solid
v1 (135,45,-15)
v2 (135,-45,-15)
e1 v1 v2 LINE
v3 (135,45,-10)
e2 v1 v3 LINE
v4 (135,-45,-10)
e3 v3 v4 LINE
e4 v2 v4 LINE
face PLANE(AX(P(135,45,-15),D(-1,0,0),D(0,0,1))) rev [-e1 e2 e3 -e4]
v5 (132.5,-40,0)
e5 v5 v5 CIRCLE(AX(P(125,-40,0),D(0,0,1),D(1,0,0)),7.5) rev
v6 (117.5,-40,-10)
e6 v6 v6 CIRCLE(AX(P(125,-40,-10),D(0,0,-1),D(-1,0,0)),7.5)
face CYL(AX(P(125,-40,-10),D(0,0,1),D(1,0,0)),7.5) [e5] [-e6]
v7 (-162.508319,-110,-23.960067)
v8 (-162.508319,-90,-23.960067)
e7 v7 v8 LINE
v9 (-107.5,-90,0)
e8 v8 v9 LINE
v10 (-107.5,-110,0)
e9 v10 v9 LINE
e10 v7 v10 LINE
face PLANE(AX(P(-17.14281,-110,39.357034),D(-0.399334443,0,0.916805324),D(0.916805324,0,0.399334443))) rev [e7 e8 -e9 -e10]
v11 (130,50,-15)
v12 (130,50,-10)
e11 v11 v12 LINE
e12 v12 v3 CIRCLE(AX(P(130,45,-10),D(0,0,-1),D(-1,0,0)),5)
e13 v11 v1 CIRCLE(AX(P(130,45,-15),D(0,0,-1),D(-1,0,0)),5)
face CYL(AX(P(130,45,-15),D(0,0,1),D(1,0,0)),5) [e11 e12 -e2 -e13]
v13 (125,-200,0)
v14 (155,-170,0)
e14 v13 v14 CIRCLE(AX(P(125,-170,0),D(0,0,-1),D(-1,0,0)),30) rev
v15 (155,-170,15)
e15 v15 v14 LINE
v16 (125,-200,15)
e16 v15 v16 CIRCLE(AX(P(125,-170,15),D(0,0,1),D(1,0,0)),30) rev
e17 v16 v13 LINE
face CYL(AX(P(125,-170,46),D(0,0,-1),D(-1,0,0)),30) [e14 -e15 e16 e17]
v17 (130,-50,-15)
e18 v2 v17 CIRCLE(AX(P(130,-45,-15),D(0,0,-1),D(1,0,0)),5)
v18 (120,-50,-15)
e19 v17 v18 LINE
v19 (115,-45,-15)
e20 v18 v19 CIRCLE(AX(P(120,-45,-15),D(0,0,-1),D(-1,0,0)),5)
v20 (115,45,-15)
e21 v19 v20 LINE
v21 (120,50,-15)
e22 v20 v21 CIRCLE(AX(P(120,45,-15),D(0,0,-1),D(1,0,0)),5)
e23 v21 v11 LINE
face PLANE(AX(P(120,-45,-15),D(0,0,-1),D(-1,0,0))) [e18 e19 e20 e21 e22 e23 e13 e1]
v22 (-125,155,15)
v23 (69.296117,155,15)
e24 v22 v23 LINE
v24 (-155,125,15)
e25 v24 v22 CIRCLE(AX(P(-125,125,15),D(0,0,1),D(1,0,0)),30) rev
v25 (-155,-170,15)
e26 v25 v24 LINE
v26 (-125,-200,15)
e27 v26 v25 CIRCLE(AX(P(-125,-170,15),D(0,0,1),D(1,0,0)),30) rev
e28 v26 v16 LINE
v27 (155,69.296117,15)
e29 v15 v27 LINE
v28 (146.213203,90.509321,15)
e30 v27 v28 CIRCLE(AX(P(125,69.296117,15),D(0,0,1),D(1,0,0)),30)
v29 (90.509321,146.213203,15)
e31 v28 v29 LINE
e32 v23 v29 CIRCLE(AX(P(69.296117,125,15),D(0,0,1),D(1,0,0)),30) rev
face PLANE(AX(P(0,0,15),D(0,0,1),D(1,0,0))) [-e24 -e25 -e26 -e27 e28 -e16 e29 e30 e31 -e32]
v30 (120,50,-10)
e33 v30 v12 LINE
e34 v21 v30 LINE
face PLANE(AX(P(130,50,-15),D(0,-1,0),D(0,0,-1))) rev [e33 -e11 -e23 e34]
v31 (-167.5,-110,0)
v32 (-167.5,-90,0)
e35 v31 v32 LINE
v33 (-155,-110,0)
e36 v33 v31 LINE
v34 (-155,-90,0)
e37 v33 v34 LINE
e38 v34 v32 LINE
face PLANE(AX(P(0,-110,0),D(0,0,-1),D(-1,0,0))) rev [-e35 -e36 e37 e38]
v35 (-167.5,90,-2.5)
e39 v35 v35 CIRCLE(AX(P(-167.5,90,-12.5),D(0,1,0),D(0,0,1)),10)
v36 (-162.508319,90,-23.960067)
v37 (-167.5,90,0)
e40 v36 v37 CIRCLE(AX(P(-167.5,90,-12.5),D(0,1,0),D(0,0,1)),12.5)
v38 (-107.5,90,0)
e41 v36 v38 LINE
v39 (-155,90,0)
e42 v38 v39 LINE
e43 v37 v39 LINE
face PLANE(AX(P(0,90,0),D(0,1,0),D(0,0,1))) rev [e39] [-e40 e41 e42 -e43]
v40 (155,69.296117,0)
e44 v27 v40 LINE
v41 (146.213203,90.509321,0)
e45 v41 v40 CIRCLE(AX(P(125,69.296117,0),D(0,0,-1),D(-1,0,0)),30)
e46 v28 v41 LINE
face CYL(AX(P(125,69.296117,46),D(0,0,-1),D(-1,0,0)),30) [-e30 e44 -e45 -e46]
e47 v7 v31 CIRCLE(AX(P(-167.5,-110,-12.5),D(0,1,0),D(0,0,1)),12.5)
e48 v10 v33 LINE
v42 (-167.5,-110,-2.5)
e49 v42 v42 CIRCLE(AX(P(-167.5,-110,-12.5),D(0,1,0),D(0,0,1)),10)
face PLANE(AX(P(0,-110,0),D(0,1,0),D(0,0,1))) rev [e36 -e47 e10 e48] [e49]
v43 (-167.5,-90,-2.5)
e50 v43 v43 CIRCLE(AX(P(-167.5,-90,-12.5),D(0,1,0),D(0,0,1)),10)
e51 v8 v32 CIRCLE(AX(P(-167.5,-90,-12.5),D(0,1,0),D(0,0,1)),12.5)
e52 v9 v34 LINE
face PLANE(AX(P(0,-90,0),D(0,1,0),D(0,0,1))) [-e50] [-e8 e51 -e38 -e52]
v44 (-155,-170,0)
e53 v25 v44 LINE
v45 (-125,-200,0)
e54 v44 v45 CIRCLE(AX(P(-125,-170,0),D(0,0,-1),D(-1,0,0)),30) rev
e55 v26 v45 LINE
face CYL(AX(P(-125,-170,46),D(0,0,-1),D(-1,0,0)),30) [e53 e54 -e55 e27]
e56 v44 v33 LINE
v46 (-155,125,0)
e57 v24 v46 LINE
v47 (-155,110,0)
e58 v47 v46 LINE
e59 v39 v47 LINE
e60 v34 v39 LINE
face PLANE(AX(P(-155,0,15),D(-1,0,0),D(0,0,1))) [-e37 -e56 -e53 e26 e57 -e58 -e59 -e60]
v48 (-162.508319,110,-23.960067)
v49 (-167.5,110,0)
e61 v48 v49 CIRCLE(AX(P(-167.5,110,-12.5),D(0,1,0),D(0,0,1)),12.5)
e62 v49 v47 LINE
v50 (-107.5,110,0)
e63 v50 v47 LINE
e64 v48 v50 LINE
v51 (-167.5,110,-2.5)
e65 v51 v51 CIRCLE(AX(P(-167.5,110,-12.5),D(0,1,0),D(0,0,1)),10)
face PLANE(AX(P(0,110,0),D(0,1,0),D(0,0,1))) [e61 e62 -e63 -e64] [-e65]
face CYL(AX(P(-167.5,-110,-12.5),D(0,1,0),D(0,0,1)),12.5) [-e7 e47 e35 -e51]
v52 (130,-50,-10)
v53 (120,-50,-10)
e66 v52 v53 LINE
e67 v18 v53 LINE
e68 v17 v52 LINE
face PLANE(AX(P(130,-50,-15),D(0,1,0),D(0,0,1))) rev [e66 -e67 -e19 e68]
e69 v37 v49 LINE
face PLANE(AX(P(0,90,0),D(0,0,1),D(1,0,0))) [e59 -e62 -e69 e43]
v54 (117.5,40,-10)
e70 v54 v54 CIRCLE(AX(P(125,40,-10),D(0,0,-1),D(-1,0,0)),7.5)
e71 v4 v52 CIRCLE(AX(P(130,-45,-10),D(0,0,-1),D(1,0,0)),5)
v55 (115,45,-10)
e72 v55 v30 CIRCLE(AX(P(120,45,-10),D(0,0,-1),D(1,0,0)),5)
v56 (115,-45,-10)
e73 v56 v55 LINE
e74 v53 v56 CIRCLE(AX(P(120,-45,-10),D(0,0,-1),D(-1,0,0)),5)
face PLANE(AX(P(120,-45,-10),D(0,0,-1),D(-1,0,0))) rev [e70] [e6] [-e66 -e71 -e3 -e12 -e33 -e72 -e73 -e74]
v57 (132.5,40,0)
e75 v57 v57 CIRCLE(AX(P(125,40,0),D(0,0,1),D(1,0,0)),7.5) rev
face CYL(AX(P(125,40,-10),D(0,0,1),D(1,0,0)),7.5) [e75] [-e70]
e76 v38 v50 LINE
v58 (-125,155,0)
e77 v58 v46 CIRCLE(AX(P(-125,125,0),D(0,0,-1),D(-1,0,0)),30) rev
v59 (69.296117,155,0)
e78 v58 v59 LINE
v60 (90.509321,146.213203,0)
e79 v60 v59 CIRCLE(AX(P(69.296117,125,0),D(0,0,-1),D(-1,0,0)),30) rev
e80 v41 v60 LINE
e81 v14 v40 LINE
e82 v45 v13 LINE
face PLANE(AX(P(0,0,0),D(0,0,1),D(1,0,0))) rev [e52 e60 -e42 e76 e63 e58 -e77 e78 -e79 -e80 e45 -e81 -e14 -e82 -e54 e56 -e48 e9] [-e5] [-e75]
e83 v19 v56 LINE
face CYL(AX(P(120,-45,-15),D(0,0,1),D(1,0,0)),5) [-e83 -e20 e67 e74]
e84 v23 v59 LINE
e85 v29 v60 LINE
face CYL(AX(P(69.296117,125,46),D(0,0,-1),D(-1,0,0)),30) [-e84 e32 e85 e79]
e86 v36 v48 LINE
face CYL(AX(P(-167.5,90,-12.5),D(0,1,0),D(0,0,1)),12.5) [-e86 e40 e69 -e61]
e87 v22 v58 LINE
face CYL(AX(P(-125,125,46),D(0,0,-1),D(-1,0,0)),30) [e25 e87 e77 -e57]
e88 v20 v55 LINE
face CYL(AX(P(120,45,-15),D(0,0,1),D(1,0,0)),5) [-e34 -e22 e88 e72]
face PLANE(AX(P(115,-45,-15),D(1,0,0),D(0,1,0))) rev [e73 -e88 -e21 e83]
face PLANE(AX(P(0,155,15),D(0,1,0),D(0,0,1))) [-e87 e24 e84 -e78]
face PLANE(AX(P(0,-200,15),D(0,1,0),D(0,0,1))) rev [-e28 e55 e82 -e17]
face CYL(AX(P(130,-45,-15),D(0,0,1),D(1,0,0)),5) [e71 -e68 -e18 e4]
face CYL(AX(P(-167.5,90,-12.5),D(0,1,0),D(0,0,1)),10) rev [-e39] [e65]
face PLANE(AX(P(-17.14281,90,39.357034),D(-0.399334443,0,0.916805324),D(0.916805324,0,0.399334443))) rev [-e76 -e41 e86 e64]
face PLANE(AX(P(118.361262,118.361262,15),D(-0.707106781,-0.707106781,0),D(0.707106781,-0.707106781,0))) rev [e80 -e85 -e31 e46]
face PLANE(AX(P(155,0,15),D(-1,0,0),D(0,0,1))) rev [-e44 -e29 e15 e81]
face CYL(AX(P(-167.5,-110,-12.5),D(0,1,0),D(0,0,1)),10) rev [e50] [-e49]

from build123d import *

# Parameters (mm, degrees)
BOSS_EXTRUDE1_DEPTH      = 15
BOSS_EXTRUDE2_DEPTH      = 10
BOSS_EXTRUDE2_DEPTH_BACK = 10
SKETCH3_R                = 12.5
SKETCH3_R_2              = 10
BOSS_EXTRUDE3_DEPTH      = 10
BOSS_EXTRUDE3_DEPTH_BACK = 10
SKETCH4_R                = 12.5
SKETCH4_R_2              = 10
CUT_EXTRUDE1_DEPTH       = 46
SKETCH6_R                = 7.5
BOSS_EXTRUDE4_DEPTH      = 10
BOSS_EXTRUDE5_DEPTH      = 5


with BuildPart() as part:
    # Sketch1 → Boss-Extrude1 (new body)
    with BuildSketch(Plane.XY):
        Polygon((-155, 155), (-155, -200), (155, -200), (155, 81.722524266), (81.722524266, 155), align=None)
    extrude(amount=BOSS_EXTRUDE1_DEPTH)

    # Sketch3 → Boss-Extrude2 (add, two sides: drawn at the far end of the back side and taken through both)
    # profile 1 of 2: a face of its own
    with BuildSketch(Plane(origin=(0, 100, 0), x_dir=(1, 0, 0), z_dir=(0, 1, 0)).offset(-BOSS_EXTRUDE2_DEPTH_BACK)):
        with BuildLine():
            ThreePointArc((-155, 12.5), (-158.661165235, 3.661165235), (-167.5, 0))
            Line((-167.5, 0), (-107.5, 0))
            Line((-107.5, 0), (-162.508319468, 23.960066556))
            ThreePointArc((-162.508319468, 23.960066556), (-157.04423588, 19.350328216), (-155, 12.5))
        make_face()
    # profile 2 of 2: a face of its own
    with BuildSketch(Plane(origin=(0, 100, 0), x_dir=(1, 0, 0), z_dir=(0, 1, 0)).offset(-BOSS_EXTRUDE2_DEPTH_BACK)):
        with Locations((-167.5, 12.5)):
            Circle(SKETCH3_R)
        with Locations(Location((-167.5, 12.5, 0), (0, 0, 270))):
            Circle(SKETCH3_R_2, mode=Mode.SUBTRACT)
    extrude(amount=BOSS_EXTRUDE2_DEPTH + BOSS_EXTRUDE2_DEPTH_BACK)

    # Sketch4 → Boss-Extrude3 (add, two sides: drawn at the far end of the back side and taken through both)
    # profile 1 of 2: a face of its own
    with BuildSketch(Plane(origin=(0, -100, 0), x_dir=(1, 0, 0), z_dir=(0, 1, 0)).offset(-BOSS_EXTRUDE3_DEPTH_BACK)):
        with Locations((-167.5, 12.5)):
            Circle(SKETCH4_R)
        with Locations(Location((-167.5, 12.5, 0), (0, 0, 270))):
            Circle(SKETCH4_R_2, mode=Mode.SUBTRACT)
    # profile 2 of 2: a face of its own
    with BuildSketch(Plane(origin=(0, -100, 0), x_dir=(1, 0, 0), z_dir=(0, 1, 0)).offset(-BOSS_EXTRUDE3_DEPTH_BACK)):
        with BuildLine():
            Line((-107.5, 0), (-162.508319468, 23.960066556))
            ThreePointArc((-162.508319468, 23.960066556), (-157.04423588, 19.350328216), (-155, 12.5))
            ThreePointArc((-155, 12.5), (-158.661165235, 3.661165235), (-167.5, 0))
            Line((-167.5, 0), (-107.5, 0))
        make_face()
    extrude(amount=BOSS_EXTRUDE3_DEPTH + BOSS_EXTRUDE3_DEPTH_BACK)

    # Sketch5 → Cut-Extrude1 (cut)
    with BuildSketch(Plane(origin=(0, 0, 0), x_dir=(-1, 0, 0), z_dir=(0, 0, -1))):
        with BuildLine():
            ThreePointArc((-125, -200), (-146.213203436, -191.213203436), (-155, -170))
            Line((-155, -170), (-155, -200))
            Line((-155, -200), (-125, -200))
        make_face()
        with BuildLine():
            ThreePointArc((155, -170), (146.213203436, -191.213203436), (125, -200))
            Line((125, -200), (155, -200))
            Line((155, -200), (155, -170))
        make_face()
        with BuildLine():
            Line((155, 155), (125, 155))
            ThreePointArc((125, 155), (146.213203436, 146.213203436), (155, 125))
            Line((155, 125), (155, 155))
        make_face()
        with BuildLine():
            Line((-81.722524266, 155), (-90.50932083, 146.213203436))
            ThreePointArc((-90.50932083, 146.213203436), (-80.776620365, 152.716385975), (-69.296117394, 155))
            Line((-69.296117394, 155), (-81.722524266, 155))
        make_face()
        with BuildLine():
            ThreePointArc((-155, 69.296117394), (-152.716385975, 80.776620365), (-146.213203436, 90.50932083))
            Line((-146.213203436, 90.50932083), (-155, 81.722524266))
            Line((-155, 81.722524266), (-155, 69.296117394))
        make_face()
    extrude(amount=-CUT_EXTRUDE1_DEPTH, mode=Mode.SUBTRACT)

    # Sketch6 → Boss-Extrude4 (add)
    with BuildSketch(Plane(origin=(0, 0, 0), x_dir=(-1, 0, 0), z_dir=(0, 0, -1))):
        with Locations(Location((-125, 40, 0), (0, 0, 180))):
            Circle(SKETCH6_R)
        with Locations(Location((-125, -40, 0), (0, 0, 180))):
            Circle(SKETCH6_R)
    extrude(amount=BOSS_EXTRUDE4_DEPTH)

    # Sketch7 → Boss-Extrude5 (add)
    with BuildSketch(Plane(origin=(0, 0, -10), x_dir=(-1, 0, 0), z_dir=(0, 0, -1))):
        with BuildLine():
            Line((-130, 50), (-120, 50))
            ThreePointArc((-120, 50), (-116.464466094, 48.535533906), (-115, 45))
            Line((-115, 45), (-115, -45))
            ThreePointArc((-115, -45), (-116.464466094, -48.535533906), (-120, -50))
            Line((-120, -50), (-130, -50))
            ThreePointArc((-130, -50), (-133.535533906, -48.535533906), (-135, -45))
            Line((-135, -45), (-135, 45))
            ThreePointArc((-135, 45), (-133.535533906, 48.535533906), (-130, 50))
        make_face()
    extrude(amount=BOSS_EXTRUDE5_DEPTH)


solid = part.part
